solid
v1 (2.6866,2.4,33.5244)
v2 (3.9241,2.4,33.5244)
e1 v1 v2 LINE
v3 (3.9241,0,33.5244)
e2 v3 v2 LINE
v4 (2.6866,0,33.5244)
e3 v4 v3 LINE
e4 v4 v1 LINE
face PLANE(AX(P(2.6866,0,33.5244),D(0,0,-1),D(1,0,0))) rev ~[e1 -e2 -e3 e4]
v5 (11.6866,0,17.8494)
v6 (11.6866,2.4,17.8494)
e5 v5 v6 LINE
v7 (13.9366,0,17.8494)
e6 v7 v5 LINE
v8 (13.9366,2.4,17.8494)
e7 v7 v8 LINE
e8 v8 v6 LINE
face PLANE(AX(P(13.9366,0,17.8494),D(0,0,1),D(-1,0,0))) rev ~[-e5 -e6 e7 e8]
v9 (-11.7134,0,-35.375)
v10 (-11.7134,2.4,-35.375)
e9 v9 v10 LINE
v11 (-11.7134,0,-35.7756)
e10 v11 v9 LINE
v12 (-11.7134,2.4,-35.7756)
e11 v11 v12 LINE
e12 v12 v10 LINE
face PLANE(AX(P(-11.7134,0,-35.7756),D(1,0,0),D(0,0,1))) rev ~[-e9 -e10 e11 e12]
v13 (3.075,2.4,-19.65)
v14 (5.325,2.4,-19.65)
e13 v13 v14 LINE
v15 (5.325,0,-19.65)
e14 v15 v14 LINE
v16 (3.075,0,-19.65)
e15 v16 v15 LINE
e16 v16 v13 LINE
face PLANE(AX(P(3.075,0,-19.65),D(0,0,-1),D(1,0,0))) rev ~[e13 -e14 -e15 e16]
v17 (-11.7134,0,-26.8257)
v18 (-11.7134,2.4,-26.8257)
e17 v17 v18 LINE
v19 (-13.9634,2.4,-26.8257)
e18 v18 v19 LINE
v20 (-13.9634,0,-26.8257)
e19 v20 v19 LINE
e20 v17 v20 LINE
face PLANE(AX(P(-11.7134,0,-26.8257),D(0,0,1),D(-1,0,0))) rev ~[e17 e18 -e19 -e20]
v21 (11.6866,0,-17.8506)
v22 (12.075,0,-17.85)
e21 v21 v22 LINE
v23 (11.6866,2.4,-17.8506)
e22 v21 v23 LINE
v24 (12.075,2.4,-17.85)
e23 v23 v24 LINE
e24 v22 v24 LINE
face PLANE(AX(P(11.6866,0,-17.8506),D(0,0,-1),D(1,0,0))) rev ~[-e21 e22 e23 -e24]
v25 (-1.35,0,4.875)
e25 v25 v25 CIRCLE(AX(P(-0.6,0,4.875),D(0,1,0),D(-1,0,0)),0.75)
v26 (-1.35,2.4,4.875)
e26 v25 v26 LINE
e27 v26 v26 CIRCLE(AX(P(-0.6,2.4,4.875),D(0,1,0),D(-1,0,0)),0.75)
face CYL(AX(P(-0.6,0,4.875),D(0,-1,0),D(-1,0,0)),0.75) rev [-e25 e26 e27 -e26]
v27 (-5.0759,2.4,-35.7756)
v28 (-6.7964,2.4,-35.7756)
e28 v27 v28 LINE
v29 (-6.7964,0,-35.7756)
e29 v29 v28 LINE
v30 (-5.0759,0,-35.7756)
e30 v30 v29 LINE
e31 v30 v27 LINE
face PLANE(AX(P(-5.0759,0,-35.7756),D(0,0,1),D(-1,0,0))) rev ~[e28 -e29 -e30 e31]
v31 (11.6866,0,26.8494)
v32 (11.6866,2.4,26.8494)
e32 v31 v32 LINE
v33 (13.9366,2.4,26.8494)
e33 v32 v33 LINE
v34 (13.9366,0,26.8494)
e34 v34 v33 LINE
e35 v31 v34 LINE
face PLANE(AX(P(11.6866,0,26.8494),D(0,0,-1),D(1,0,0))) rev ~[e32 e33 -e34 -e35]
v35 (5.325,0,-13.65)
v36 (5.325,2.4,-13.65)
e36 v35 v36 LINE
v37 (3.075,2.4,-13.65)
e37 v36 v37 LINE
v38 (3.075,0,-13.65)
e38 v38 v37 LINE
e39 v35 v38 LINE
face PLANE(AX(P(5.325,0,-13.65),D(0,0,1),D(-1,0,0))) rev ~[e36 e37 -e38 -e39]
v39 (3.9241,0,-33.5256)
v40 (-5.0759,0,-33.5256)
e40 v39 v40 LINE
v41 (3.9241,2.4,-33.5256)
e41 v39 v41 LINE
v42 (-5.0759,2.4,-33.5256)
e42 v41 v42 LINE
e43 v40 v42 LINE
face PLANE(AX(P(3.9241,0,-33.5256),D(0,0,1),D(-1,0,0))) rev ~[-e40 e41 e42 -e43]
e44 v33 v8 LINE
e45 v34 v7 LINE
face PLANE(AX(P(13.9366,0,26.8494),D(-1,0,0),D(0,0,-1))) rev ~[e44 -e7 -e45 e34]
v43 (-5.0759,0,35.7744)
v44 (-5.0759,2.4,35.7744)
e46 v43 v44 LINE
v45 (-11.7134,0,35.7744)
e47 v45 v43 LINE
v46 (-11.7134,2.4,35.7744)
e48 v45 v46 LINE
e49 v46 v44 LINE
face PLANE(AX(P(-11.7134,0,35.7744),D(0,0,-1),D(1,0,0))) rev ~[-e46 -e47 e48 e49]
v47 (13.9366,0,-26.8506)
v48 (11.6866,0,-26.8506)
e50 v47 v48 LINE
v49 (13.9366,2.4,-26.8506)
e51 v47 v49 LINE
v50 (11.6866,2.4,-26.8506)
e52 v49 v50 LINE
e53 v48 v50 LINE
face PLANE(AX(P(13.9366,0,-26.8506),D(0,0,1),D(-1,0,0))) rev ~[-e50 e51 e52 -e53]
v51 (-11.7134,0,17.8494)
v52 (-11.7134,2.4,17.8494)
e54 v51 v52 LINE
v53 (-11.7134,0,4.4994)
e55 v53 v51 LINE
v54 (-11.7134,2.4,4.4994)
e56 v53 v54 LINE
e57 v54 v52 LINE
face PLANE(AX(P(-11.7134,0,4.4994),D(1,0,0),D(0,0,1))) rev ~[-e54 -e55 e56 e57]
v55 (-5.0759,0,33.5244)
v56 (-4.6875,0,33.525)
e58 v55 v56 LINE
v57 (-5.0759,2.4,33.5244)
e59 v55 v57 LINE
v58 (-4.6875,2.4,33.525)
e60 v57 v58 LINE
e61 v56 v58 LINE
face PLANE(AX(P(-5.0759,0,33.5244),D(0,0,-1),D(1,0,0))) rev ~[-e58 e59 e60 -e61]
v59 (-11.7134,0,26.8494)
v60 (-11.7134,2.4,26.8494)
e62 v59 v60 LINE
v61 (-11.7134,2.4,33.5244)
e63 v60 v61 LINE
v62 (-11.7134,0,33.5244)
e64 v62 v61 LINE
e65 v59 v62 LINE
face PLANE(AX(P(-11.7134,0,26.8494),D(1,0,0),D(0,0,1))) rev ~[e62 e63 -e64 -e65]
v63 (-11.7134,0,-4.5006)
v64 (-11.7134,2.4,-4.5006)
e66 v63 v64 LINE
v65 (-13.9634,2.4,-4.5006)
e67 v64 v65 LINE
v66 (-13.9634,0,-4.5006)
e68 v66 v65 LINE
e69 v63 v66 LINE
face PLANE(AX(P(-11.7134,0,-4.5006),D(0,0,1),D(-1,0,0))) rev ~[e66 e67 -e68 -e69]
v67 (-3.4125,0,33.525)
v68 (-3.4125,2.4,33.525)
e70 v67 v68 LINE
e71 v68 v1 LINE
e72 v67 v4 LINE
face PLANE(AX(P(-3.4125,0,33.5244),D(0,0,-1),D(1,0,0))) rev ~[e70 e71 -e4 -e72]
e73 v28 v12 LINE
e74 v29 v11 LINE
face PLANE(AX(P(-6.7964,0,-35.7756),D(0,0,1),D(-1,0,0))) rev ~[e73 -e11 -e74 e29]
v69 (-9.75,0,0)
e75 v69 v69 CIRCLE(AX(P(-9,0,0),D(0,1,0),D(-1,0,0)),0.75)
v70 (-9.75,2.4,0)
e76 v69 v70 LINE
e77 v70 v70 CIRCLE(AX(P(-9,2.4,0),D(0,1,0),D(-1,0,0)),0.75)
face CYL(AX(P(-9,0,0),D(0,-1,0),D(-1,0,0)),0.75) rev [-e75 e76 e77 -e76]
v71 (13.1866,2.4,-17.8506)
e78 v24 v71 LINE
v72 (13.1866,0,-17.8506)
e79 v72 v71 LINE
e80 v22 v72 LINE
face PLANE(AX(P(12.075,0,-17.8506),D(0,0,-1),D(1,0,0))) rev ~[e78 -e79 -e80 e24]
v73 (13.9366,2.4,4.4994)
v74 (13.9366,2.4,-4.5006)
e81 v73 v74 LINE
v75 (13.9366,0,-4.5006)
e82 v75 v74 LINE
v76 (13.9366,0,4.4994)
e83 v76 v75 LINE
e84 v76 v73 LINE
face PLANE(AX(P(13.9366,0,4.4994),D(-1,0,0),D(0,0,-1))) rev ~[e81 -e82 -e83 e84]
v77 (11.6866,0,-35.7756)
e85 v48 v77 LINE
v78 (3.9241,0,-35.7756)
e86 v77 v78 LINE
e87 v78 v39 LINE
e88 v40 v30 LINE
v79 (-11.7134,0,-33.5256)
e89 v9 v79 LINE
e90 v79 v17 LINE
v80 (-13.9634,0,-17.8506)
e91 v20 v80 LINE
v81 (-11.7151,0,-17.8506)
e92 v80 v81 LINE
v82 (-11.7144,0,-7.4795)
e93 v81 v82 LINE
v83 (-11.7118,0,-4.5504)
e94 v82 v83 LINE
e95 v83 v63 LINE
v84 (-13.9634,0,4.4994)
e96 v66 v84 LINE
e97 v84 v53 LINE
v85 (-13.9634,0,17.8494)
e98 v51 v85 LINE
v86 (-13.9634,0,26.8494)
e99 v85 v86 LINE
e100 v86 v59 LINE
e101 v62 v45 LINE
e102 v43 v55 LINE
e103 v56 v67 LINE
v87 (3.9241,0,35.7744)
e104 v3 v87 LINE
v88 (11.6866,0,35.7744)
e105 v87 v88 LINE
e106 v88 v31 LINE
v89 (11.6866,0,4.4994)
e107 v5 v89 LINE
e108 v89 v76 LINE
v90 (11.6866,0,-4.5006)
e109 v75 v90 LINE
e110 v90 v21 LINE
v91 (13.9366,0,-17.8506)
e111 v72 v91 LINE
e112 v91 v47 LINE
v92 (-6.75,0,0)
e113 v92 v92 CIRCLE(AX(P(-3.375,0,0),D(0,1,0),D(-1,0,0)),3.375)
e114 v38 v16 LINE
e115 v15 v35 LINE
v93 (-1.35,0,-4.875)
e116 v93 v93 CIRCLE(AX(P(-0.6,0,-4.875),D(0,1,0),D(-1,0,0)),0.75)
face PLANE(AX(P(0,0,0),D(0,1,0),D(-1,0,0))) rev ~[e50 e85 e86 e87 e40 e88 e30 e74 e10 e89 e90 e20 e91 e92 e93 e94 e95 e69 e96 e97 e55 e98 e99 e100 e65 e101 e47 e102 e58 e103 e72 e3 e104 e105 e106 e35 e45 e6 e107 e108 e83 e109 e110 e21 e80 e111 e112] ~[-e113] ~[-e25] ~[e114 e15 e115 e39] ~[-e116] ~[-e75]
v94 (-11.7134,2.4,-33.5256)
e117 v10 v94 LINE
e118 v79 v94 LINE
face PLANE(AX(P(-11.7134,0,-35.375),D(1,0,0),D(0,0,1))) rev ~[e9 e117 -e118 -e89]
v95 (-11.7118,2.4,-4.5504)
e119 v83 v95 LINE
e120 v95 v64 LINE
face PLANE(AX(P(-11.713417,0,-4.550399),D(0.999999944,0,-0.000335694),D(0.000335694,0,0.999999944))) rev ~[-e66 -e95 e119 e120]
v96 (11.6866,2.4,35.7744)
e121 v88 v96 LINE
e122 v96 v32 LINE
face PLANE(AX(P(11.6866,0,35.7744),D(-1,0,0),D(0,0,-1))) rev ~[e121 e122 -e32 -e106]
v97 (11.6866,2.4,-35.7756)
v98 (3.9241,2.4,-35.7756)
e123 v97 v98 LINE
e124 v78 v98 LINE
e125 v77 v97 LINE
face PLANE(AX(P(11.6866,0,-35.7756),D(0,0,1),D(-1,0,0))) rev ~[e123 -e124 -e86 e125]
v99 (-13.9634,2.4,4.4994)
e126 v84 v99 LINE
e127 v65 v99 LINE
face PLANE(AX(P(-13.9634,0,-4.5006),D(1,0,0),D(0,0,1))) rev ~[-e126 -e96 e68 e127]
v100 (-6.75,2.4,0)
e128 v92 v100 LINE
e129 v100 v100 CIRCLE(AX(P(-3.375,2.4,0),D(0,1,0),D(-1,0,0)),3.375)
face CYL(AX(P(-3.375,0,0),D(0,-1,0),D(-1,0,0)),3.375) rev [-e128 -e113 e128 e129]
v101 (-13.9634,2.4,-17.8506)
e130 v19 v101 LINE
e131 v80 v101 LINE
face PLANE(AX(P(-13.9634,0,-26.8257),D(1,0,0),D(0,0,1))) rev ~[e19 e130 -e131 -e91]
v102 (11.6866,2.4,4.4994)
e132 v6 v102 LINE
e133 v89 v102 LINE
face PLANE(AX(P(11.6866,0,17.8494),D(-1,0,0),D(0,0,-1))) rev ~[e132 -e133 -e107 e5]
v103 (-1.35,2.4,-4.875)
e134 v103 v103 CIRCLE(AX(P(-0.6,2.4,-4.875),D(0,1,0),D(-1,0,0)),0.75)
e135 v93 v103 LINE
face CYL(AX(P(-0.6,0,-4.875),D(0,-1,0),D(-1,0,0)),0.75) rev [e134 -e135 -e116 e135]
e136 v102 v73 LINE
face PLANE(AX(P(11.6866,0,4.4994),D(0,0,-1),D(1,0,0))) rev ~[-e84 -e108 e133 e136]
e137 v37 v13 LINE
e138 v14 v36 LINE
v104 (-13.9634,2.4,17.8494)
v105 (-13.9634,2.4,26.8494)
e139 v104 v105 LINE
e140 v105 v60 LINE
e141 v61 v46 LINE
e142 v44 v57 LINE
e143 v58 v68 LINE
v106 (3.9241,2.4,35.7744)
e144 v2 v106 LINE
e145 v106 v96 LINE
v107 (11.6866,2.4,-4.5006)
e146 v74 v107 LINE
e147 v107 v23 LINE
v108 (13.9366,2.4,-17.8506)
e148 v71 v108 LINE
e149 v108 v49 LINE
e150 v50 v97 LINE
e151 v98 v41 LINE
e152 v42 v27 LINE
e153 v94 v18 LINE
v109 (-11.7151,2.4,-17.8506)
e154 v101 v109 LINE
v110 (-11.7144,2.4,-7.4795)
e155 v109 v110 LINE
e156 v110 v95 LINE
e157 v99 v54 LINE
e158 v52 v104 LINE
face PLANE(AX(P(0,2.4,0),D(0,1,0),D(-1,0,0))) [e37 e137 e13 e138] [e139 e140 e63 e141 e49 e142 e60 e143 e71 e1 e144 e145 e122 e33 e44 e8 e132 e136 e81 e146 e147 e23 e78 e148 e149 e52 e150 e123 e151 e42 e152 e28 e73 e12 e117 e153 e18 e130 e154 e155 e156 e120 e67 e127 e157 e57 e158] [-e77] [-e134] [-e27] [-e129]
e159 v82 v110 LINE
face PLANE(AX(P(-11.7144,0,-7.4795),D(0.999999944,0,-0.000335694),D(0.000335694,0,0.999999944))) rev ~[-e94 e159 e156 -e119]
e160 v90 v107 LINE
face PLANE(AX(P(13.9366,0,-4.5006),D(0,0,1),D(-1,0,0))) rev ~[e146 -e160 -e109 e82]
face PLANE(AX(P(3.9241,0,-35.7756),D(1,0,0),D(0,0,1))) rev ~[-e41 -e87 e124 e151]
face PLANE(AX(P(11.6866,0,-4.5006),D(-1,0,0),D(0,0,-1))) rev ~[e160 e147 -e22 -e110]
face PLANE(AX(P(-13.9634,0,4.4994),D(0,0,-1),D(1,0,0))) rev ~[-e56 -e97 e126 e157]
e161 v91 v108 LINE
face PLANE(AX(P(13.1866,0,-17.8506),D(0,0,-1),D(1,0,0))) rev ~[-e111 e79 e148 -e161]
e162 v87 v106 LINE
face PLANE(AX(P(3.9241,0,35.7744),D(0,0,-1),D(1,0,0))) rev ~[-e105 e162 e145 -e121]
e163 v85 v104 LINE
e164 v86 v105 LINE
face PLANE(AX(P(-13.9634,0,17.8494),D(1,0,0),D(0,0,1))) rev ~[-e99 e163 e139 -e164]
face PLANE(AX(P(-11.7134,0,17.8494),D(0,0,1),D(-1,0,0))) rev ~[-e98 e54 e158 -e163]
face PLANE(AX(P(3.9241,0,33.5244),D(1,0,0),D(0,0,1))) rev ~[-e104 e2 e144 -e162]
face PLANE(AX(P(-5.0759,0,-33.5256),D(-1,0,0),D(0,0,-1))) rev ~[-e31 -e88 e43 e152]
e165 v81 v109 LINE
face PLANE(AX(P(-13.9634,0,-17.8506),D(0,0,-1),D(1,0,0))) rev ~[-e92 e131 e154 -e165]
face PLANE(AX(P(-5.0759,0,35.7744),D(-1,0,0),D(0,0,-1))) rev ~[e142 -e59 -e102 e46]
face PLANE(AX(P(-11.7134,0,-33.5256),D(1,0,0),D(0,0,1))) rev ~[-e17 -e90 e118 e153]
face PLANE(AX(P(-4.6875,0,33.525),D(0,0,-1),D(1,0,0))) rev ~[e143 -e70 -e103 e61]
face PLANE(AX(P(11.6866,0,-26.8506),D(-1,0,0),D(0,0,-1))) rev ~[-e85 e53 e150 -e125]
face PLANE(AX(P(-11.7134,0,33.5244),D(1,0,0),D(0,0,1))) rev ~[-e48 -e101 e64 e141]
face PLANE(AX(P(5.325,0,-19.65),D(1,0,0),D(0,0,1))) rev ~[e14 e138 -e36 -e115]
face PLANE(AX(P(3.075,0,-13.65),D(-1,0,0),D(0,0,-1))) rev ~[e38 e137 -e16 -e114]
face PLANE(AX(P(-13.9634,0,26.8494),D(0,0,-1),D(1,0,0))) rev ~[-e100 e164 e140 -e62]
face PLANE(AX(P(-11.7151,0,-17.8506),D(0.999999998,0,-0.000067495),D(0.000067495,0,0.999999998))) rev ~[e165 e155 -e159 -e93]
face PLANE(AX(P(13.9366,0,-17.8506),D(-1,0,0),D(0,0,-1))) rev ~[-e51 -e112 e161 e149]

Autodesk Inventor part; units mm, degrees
ref_plane "YZ Plane" through (0, 0, 0) normal (1, 0, 0) x (0, 1, 0)
ref_plane "XZ Plane" through (0, 0, 0) normal (0, 1, 0) x (-1, 0, 0)
ref_plane "XY Plane" through (0, 0, 0) normal (0, 0, 1) x (1, 0, 0)
sketch "Boceto1" plane through (0, 0, 0) normal (0, 1, 0) x (-1, 0, 0)
  line L0 (-13.9366, -26.8506) -> (-11.6866, -26.8506)
  line L1 (-11.6866, -26.8506) -> (-11.6866, -35.7756)
  line L2 (-11.6866, -35.7756) -> (-3.9241, -35.7756)
  line L3 (-3.9241, -35.7756) -> (-3.9241, -33.5256)
  line L4 (-3.9241, -33.5256) -> (5.0759, -33.5256)
  line L5 (5.0759, -33.5256) -> (5.0759, -35.7756)
  line L6 (5.0759, -35.7756) -> (6.7964, -35.7756)
  line L7 (6.7964, -35.7756) -> (11.7134, -35.7756)
  line L8 (11.7134, -35.7756) -> (11.7134, -35.375)
  line L9 (11.7134, -35.375) -> (11.7134, -33.5256)
  line L10 (11.7134, -33.5256) -> (11.7134, -26.8257)
  line L11 (11.7134, -26.8257) -> (13.9634, -26.8257)
  line L12 (13.9634, -26.8257) -> (13.9634, -17.8506)
  line L13 (13.9637, -17.8506) -> (11.7151, -17.8506)
  line L14 (11.7151, -17.8506) -> (11.7144, -7.4795)
  line L15 (11.7144, -7.4795) -> (11.7134, -4.5006)
  line L16 (11.7118, -4.5504) -> (11.7134, -4.5006)
  line L17 (11.7134, -4.5006) -> (13.9634, -4.5006)
  line L18 (13.9634, -4.5006) -> (13.9634, 4.4994)
  line L19 (13.9634, 4.4994) -> (11.7134, 4.4994)
  line L20 (11.7134, 4.4994) -> (11.7134, 17.8494)
  line L21 (11.7134, 17.8494) -> (13.9634, 17.8494)
  line L22 (13.9634, 17.8494) -> (13.9634, 26.8494)
  line L23 (13.9634, 26.8494) -> (11.7134, 26.8494)
  line L24 (11.7134, 26.8494) -> (11.7134, 33.5244)
  line L25 (11.7134, 33.5244) -> (11.7134, 35.7744)
  line L26 (11.7134, 35.7744) -> (5.0759, 35.7744)
  line L27 (5.0759, 35.7744) -> (5.0759, 33.5244)
  line L28 (5.0759, 33.5244) -> (-2.6866, 33.5244)
  line L29 (-2.6866, 33.5244) -> (-3.9241, 33.5244)
  line L30 (-3.9241, 33.5244) -> (-3.9241, 35.7744)
  line L31 (-3.9241, 35.7744) -> (-11.6866, 35.7744)
  line L32 (-11.6866, 35.7744) -> (-11.6866, 26.8494)
  line L33 (-11.6866, 26.8494) -> (-13.9366, 26.8494)
  line L34 (-13.9366, 26.8494) -> (-13.9366, 17.8494)
  line L35 (-13.9366, 17.8494) -> (-11.6866, 17.8494)
  line L36 (-11.6866, 17.8494) -> (-11.6866, 4.4994)
  line L37 (-11.6866, 4.4994) -> (-13.9366, 4.4994)
  line L38 (-13.9366, 4.4994) -> (-13.9366, -4.5006)
  line L39 (-13.9366, -4.5006) -> (-11.6866, -4.5006)
  line L40 (-11.6866, -4.5006) -> (-11.6866, -17.8506)
  line L41 (-11.6866, -17.8506) -> (-13.1866, -17.8506)
  line L42 (-13.1866, -17.8506) -> (-13.9366, -17.8506)
  line L43 (-13.9366, -17.8506) -> (-13.9366, -26.8506)
  line L44 (-12.075, -17.85) -> (-14.325, -17.85)
  line L45 (4.6875, 33.525) -> (3.4125, 33.525)
  line L46 (-3.075, -13.65) -> (-3.075, -19.65)
  line L47 (-3.075, -19.65) -> (-5.325, -19.65)
  line L48 (-5.325, -19.65) -> (-5.325, -13.65)
  line L49 (-5.325, -13.65) -> (-3.075, -13.65)
  circle A0 centre (0.6, 4.875) radius 0.75
  circle A1 centre (3.375, 0) radius 3.375
  circle A2 centre (9, 0) radius 0.75
  circle A3 centre (0.6, -4.875) radius 0.75
  point P0 (0, 0)
extrude "Extrusión1" add sketch "Boceto1" along normal blind 2.4
properties part number "costat3"
